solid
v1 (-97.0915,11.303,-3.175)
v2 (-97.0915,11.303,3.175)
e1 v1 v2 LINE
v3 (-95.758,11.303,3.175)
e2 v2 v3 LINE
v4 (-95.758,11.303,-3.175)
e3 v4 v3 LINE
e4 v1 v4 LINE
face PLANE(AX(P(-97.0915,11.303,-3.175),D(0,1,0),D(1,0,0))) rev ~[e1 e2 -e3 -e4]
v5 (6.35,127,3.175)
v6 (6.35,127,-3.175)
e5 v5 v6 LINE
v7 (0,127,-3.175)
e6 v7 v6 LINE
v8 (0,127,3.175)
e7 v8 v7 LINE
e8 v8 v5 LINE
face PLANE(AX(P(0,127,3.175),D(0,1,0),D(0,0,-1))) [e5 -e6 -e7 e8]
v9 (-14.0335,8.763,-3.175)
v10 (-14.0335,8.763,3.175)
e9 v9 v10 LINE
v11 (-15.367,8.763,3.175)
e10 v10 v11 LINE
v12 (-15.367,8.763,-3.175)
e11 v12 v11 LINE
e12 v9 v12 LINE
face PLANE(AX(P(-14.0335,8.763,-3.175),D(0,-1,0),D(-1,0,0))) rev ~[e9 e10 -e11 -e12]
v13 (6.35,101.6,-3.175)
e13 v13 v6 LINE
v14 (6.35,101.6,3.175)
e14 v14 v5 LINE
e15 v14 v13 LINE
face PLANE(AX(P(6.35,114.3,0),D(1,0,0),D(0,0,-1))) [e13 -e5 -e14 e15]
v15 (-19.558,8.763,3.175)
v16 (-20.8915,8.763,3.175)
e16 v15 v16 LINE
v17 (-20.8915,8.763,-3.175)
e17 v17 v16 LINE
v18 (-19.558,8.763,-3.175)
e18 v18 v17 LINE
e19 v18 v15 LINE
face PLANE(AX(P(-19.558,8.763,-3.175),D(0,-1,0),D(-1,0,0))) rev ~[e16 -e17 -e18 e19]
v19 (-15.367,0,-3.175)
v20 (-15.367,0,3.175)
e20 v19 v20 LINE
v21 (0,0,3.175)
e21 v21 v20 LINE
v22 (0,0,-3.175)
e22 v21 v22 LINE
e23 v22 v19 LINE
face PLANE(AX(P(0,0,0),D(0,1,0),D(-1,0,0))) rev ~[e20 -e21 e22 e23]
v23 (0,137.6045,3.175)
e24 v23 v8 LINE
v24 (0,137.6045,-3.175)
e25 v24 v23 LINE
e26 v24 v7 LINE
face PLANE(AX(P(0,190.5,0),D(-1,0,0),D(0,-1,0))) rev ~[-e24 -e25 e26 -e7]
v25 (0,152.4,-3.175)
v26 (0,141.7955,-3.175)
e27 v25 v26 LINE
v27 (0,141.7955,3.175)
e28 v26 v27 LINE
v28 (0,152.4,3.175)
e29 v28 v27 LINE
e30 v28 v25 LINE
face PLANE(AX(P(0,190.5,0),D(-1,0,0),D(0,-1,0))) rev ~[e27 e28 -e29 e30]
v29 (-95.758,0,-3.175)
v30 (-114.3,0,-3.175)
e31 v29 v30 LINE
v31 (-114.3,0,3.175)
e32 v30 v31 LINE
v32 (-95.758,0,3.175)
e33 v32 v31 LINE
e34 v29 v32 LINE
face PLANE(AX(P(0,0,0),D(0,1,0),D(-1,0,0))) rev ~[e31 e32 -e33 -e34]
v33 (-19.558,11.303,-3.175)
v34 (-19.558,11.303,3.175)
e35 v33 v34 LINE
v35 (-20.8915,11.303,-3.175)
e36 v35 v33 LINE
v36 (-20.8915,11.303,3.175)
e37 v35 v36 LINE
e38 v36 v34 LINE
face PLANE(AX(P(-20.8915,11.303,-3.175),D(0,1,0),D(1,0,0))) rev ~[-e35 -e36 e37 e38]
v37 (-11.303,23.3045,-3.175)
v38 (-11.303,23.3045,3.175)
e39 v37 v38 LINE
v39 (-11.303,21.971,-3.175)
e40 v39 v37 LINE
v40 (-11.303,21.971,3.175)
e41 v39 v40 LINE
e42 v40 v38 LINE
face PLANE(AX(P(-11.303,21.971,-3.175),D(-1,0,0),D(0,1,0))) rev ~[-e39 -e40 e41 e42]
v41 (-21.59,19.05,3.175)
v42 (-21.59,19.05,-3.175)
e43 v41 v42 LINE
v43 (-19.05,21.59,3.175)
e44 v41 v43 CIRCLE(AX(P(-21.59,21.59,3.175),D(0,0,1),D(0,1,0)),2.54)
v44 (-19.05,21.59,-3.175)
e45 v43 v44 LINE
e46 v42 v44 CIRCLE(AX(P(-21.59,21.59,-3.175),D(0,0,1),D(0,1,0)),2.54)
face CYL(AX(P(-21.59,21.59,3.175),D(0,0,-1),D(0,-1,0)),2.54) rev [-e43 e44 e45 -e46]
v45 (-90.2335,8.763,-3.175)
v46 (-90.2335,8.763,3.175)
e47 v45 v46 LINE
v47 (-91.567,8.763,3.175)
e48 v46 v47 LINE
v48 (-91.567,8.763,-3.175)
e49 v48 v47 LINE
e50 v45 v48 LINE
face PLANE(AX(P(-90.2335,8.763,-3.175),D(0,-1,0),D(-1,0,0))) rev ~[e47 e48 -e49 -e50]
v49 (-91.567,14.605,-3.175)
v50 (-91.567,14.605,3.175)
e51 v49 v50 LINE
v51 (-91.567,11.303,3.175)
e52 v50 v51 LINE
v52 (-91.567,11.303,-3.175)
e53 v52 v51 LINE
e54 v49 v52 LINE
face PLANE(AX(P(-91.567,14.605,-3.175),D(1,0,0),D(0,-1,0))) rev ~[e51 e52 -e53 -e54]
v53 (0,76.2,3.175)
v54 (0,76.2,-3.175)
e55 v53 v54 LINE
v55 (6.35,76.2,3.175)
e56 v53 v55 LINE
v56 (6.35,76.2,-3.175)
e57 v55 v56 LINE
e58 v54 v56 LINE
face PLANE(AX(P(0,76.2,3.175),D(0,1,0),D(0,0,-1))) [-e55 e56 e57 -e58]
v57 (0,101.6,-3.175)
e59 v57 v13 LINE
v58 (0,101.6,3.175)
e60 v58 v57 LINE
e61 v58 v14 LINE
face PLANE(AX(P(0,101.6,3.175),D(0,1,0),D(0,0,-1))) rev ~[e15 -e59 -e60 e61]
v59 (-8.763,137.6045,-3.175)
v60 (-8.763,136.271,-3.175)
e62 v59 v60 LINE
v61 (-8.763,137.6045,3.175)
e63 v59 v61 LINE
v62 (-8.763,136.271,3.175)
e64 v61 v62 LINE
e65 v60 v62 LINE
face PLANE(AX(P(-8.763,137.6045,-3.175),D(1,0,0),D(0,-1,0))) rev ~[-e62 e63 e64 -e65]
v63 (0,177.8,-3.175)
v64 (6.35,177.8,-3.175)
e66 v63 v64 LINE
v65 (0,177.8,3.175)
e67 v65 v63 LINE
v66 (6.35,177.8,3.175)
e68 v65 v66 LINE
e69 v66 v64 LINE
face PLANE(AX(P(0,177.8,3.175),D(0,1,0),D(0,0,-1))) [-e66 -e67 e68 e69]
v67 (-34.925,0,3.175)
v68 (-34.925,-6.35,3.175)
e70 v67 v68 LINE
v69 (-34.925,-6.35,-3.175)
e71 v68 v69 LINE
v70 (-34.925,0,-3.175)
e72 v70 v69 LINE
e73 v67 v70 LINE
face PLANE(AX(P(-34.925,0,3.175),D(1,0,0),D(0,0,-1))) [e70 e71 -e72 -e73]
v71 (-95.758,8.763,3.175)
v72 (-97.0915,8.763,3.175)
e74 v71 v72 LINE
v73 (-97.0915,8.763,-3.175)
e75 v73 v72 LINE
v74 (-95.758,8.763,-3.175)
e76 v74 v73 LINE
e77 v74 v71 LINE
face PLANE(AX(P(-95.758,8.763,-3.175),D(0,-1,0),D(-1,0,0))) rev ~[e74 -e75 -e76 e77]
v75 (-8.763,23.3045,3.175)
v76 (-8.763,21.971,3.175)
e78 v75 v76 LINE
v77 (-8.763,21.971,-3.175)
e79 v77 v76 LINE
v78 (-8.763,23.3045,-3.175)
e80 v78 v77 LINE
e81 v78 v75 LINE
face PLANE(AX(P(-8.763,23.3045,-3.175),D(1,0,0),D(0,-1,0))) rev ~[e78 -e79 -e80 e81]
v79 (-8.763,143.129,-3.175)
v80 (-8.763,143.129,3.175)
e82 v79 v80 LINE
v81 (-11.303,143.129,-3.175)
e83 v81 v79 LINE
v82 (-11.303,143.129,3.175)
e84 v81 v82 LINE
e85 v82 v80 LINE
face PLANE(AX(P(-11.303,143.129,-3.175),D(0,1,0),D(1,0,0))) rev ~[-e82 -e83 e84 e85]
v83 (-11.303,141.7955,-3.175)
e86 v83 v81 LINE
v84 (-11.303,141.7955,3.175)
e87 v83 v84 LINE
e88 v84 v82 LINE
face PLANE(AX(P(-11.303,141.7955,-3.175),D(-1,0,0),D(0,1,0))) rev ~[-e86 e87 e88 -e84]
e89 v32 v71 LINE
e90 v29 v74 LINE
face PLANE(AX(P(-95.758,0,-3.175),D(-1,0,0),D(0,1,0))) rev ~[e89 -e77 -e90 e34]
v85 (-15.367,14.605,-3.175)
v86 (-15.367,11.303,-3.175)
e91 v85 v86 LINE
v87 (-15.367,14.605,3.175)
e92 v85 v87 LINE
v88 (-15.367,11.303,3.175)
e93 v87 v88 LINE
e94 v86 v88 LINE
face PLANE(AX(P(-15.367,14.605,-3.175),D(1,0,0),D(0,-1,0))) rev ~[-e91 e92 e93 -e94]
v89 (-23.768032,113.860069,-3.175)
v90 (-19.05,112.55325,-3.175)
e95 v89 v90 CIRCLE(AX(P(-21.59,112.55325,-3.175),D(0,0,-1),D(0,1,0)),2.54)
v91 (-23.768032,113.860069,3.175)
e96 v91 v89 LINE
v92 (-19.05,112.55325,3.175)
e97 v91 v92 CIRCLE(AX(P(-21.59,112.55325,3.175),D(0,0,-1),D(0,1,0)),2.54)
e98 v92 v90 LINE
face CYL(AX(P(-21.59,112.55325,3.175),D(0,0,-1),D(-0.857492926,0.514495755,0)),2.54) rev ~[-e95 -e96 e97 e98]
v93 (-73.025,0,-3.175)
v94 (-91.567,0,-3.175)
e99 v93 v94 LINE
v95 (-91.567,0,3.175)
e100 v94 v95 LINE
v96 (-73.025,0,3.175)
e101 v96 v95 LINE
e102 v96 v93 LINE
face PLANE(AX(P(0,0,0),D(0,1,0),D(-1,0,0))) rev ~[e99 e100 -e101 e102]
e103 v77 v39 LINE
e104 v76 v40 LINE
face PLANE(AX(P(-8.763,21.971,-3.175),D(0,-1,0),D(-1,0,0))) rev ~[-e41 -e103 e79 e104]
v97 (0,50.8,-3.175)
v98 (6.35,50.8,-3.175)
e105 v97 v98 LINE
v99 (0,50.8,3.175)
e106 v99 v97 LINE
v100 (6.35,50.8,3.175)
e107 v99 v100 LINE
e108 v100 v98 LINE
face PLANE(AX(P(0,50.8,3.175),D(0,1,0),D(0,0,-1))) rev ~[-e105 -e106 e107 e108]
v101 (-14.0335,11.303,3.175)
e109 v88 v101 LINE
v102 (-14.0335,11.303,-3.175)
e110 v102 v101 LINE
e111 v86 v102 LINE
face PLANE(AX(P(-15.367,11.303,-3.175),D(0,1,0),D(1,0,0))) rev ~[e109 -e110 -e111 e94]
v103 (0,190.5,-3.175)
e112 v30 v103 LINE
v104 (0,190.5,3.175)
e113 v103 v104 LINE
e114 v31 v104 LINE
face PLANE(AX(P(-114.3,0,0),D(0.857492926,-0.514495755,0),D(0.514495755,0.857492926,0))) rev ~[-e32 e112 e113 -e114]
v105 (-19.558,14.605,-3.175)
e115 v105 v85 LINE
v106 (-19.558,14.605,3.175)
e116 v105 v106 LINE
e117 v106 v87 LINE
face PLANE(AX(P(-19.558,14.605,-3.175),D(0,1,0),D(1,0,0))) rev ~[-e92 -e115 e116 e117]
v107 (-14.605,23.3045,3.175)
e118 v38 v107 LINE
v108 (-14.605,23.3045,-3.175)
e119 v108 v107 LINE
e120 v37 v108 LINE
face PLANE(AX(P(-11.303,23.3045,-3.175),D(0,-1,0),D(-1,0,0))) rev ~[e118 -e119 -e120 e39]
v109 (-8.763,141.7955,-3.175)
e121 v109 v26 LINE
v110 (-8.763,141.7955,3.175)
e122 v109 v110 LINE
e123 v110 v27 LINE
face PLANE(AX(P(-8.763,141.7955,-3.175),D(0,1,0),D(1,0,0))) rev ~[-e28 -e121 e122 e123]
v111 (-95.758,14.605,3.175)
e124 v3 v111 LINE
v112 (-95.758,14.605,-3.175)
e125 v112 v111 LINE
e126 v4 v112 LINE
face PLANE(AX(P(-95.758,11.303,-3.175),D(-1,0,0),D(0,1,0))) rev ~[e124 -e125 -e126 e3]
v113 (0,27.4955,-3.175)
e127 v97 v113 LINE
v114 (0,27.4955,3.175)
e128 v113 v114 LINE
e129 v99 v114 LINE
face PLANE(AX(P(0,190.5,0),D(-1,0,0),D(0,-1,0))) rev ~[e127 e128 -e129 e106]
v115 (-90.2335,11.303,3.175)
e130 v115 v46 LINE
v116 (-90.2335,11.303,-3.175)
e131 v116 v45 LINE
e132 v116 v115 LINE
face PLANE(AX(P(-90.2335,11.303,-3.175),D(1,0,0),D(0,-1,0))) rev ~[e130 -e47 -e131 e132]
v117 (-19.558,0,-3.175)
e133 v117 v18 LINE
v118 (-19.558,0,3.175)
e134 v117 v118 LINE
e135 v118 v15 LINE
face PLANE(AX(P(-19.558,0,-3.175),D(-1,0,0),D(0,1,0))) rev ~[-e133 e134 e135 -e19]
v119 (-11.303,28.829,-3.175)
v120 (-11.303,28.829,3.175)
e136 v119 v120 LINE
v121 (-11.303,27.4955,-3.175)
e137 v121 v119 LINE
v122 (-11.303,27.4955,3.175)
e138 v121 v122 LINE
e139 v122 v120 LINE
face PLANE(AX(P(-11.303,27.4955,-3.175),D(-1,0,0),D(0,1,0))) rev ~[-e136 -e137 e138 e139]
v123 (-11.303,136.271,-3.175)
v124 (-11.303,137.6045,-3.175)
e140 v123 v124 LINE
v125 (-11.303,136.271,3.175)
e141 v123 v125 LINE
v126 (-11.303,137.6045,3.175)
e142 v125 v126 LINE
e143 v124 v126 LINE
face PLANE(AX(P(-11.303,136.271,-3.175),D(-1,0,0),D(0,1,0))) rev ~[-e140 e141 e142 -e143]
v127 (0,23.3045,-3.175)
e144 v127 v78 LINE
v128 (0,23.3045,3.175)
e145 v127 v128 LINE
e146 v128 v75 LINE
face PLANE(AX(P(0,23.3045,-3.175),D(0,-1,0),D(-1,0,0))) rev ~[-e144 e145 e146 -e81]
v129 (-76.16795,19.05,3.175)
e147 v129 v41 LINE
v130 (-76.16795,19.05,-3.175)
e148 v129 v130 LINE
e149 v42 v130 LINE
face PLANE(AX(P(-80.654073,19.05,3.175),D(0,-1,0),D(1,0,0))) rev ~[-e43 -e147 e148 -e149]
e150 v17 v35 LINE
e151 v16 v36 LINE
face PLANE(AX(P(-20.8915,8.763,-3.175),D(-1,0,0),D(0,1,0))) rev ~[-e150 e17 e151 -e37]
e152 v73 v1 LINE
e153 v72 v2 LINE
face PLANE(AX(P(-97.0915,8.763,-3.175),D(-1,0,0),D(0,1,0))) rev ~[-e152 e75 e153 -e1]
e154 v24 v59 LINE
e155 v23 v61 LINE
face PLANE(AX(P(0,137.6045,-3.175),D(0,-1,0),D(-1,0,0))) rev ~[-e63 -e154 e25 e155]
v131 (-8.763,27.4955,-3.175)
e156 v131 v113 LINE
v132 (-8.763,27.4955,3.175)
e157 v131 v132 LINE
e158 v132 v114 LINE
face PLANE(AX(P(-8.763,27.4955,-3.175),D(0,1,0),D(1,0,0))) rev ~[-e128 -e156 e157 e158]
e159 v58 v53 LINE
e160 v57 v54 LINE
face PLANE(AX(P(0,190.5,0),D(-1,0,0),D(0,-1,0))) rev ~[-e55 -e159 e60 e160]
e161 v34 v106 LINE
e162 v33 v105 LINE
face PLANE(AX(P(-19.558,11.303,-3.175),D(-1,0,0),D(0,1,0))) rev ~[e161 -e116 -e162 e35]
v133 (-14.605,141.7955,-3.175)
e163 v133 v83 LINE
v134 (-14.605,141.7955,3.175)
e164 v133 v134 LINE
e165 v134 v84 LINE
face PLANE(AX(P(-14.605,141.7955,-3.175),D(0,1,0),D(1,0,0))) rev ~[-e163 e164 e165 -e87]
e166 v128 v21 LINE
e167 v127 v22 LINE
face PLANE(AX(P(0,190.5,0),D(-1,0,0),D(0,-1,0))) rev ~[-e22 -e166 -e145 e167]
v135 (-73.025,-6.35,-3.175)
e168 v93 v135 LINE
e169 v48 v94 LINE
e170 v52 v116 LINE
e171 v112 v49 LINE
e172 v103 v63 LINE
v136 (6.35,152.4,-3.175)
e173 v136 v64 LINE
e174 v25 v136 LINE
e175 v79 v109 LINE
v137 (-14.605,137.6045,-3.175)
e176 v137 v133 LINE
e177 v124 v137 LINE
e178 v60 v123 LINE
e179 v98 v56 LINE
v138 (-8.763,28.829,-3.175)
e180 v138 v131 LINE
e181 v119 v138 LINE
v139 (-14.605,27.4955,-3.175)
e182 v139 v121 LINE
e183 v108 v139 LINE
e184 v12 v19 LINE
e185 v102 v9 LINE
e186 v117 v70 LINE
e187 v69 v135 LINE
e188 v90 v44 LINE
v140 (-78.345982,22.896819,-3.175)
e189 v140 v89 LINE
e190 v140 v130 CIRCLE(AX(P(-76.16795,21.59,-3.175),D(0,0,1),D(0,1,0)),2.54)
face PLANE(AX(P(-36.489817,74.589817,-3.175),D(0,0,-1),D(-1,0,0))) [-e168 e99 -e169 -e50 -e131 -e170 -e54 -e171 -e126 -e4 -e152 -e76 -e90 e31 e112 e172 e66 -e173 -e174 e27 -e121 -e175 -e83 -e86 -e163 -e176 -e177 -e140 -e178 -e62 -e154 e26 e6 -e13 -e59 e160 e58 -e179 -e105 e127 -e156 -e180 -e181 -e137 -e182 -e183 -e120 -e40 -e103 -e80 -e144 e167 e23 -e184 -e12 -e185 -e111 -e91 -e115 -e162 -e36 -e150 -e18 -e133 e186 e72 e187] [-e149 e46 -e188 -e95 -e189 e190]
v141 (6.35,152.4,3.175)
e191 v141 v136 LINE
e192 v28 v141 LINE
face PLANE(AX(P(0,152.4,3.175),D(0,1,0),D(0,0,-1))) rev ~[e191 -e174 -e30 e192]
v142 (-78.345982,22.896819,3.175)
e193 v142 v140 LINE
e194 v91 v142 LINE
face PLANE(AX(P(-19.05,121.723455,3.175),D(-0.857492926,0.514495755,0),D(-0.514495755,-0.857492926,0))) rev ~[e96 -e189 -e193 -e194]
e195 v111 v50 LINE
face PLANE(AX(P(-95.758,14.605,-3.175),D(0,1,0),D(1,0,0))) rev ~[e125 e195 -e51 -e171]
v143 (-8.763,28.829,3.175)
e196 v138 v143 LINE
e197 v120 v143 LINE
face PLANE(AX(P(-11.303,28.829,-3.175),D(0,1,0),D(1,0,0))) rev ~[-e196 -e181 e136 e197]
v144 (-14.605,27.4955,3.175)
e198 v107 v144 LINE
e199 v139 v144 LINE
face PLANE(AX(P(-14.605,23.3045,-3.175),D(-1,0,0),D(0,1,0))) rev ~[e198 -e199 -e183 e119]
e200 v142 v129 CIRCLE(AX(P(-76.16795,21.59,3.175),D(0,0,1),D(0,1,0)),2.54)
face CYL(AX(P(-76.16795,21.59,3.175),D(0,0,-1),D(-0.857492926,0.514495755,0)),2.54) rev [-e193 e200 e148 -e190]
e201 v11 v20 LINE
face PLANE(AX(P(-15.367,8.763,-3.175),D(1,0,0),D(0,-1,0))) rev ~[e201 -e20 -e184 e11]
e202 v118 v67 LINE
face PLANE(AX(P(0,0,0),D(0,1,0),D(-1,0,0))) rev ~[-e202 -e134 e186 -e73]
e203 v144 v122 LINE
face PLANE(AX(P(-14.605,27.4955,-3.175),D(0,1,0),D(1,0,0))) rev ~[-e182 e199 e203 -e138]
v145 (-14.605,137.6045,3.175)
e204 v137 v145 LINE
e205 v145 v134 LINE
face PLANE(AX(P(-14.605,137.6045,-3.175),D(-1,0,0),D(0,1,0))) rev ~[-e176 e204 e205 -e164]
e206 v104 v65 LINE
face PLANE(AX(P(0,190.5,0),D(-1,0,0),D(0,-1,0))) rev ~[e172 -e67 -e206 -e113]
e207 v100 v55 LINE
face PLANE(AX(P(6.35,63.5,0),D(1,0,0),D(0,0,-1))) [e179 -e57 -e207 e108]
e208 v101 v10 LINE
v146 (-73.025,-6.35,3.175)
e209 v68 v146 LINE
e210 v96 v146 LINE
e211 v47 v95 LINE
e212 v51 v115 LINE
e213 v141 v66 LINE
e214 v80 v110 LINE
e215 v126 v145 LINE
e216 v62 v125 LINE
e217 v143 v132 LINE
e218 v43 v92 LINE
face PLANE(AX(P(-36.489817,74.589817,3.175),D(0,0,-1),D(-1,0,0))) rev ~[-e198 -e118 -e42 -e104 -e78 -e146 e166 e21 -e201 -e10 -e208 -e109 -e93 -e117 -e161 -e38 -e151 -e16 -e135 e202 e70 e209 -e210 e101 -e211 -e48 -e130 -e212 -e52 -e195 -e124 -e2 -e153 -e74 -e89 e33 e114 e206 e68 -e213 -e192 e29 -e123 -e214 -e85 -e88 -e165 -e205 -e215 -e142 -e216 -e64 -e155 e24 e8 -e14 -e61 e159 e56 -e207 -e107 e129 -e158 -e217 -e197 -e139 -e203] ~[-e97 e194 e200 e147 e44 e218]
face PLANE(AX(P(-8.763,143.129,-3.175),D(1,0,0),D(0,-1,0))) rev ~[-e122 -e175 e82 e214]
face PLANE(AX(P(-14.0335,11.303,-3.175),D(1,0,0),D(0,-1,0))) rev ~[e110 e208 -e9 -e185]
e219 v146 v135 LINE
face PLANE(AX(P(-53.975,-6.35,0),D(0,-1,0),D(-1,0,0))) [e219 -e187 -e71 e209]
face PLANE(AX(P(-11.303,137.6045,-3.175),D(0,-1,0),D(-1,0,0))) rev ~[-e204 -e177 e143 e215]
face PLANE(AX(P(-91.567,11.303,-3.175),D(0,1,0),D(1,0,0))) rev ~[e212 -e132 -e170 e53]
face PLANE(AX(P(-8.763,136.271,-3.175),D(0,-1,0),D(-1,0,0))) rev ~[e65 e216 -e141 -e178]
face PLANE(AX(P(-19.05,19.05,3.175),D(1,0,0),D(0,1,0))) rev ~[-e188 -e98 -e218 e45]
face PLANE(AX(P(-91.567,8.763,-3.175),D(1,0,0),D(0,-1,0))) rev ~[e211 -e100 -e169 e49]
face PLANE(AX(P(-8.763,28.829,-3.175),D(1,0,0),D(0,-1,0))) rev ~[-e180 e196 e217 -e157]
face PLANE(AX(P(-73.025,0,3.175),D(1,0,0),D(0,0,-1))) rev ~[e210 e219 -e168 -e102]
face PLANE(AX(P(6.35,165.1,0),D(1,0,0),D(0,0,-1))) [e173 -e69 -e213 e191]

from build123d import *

# Parameters (mm, degrees)
BOSS_EXTRUDE1_DEPTH = 3.175
CUT_EXTRUDE1_DEPTH  = 223.25
SKETCH4_W           = 6.35
SKETCH4_H           = 25.4
BOSS_EXTRUDE2_DEPTH = 6.35
LPATTERN1_COUNT     = 3
LPATTERN1_PITCH     = 50.8
SKETCH5_W           = 38.1
SKETCH5_H           = 6.35
BOSS_EXTRUDE3_DEPTH = 6.35
FILLET1_R           = 2.54
CUT_EXTRUDE2_DEPTH  = 6.35


with BuildPart() as part:
    # Sketch1 → Boss-Extrude1 (new, symmetric)
    with BuildSketch(Plane.XY):
        Polygon((0, 190.5), (0, 0), (-114.3, 0), align=None)
    extrude(amount=BOSS_EXTRUDE1_DEPTH, both=True)

    # Sketch2 → Cut-Extrude1 (cut, through all)
    with BuildSketch(Plane.XY.offset(3.175)):
        Polygon((-80.654073281, 19.05), (-19.05, 19.05), (-19.05, 121.723455468), align=None)
    extrude(amount=-CUT_EXTRUDE1_DEPTH, mode=Mode.SUBTRACT)

    # Sketch4 → Boss-Extrude2 (add)
    with BuildSketch(Plane(origin=(0, 0, 0), x_dir=(0, 0, -1), z_dir=(1, 0, 0))):
        with Locations((0, 165.1)):
            Rectangle(SKETCH4_W, SKETCH4_H)
    boss_extrude2 = extrude(amount=BOSS_EXTRUDE2_DEPTH)

    # LPattern1: Boss-Extrude2 ×3
    with Locations(*[(0, -i * LPATTERN1_PITCH, 0) for i in range(1, LPATTERN1_COUNT)]):
        add(boss_extrude2)

    # Sketch5 → Boss-Extrude3 (add)
    with BuildSketch(Plane(origin=(0, 0, 0), x_dir=(-1, 0, 0), z_dir=(0, -1, 0))):
        with Locations((53.975, 0)):
            Rectangle(SKETCH5_W, SKETCH5_H)
    extrude(amount=BOSS_EXTRUDE3_DEPTH)

    # Fillet1
    fillet1_edges = [part.edges().sort_by_distance(p)[0] for p in [
        (-80.654073281, 19.05, 0),
        (-19.05, 121.723455468, 0),
        (-19.05, 19.05, 0),
    ]]
    fillet(fillet1_edges, radius=FILLET1_R)

    # Sketch3 → Cut-Extrude2 (cut)
    with BuildSketch(Plane(origin=(0, 0, -3.175), x_dir=(-1, 0, 0), z_dir=(0, 0, -1))):
        Polygon((91.567, 0), (95.758, 0), (95.758, 8.763), (97.0915, 8.763), (97.0915, 11.303), (95.758, 11.303), (95.758, 14.605), (91.567, 14.605), (91.567, 11.303), (90.2335, 11.303), (90.2335, 8.763), (91.567, 8.763), align=None)
        Polygon((15.367, 0), (19.558, 0), (19.558, 8.763), (20.8915, 8.763), (20.8915, 11.303), (19.558, 11.303), (19.558, 14.605), (15.367, 14.605), (15.367, 11.303), (14.0335, 11.303), (14.0335, 8.763), (15.367, 8.763), align=None)
        Polygon((0, 141.7955), (0, 137.6045), (8.763, 137.6045), (8.763, 136.271), (11.303, 136.271), (11.303, 137.6045), (14.605, 137.6045), (14.605, 141.7955), (11.303, 141.7955), (11.303, 143.129), (8.763, 143.129), (8.763, 141.7955), align=None)
        Polygon((0, 27.4955), (0, 23.3045), (8.763, 23.3045), (8.763, 21.971), (11.303, 21.971), (11.303, 23.3045), (14.605, 23.3045), (14.605, 27.4955), (11.303, 27.4955), (11.303, 28.829), (8.763, 28.829), (8.763, 27.4955), align=None)
    extrude(amount=-CUT_EXTRUDE2_DEPTH, mode=Mode.SUBTRACT)


solid = part.part
